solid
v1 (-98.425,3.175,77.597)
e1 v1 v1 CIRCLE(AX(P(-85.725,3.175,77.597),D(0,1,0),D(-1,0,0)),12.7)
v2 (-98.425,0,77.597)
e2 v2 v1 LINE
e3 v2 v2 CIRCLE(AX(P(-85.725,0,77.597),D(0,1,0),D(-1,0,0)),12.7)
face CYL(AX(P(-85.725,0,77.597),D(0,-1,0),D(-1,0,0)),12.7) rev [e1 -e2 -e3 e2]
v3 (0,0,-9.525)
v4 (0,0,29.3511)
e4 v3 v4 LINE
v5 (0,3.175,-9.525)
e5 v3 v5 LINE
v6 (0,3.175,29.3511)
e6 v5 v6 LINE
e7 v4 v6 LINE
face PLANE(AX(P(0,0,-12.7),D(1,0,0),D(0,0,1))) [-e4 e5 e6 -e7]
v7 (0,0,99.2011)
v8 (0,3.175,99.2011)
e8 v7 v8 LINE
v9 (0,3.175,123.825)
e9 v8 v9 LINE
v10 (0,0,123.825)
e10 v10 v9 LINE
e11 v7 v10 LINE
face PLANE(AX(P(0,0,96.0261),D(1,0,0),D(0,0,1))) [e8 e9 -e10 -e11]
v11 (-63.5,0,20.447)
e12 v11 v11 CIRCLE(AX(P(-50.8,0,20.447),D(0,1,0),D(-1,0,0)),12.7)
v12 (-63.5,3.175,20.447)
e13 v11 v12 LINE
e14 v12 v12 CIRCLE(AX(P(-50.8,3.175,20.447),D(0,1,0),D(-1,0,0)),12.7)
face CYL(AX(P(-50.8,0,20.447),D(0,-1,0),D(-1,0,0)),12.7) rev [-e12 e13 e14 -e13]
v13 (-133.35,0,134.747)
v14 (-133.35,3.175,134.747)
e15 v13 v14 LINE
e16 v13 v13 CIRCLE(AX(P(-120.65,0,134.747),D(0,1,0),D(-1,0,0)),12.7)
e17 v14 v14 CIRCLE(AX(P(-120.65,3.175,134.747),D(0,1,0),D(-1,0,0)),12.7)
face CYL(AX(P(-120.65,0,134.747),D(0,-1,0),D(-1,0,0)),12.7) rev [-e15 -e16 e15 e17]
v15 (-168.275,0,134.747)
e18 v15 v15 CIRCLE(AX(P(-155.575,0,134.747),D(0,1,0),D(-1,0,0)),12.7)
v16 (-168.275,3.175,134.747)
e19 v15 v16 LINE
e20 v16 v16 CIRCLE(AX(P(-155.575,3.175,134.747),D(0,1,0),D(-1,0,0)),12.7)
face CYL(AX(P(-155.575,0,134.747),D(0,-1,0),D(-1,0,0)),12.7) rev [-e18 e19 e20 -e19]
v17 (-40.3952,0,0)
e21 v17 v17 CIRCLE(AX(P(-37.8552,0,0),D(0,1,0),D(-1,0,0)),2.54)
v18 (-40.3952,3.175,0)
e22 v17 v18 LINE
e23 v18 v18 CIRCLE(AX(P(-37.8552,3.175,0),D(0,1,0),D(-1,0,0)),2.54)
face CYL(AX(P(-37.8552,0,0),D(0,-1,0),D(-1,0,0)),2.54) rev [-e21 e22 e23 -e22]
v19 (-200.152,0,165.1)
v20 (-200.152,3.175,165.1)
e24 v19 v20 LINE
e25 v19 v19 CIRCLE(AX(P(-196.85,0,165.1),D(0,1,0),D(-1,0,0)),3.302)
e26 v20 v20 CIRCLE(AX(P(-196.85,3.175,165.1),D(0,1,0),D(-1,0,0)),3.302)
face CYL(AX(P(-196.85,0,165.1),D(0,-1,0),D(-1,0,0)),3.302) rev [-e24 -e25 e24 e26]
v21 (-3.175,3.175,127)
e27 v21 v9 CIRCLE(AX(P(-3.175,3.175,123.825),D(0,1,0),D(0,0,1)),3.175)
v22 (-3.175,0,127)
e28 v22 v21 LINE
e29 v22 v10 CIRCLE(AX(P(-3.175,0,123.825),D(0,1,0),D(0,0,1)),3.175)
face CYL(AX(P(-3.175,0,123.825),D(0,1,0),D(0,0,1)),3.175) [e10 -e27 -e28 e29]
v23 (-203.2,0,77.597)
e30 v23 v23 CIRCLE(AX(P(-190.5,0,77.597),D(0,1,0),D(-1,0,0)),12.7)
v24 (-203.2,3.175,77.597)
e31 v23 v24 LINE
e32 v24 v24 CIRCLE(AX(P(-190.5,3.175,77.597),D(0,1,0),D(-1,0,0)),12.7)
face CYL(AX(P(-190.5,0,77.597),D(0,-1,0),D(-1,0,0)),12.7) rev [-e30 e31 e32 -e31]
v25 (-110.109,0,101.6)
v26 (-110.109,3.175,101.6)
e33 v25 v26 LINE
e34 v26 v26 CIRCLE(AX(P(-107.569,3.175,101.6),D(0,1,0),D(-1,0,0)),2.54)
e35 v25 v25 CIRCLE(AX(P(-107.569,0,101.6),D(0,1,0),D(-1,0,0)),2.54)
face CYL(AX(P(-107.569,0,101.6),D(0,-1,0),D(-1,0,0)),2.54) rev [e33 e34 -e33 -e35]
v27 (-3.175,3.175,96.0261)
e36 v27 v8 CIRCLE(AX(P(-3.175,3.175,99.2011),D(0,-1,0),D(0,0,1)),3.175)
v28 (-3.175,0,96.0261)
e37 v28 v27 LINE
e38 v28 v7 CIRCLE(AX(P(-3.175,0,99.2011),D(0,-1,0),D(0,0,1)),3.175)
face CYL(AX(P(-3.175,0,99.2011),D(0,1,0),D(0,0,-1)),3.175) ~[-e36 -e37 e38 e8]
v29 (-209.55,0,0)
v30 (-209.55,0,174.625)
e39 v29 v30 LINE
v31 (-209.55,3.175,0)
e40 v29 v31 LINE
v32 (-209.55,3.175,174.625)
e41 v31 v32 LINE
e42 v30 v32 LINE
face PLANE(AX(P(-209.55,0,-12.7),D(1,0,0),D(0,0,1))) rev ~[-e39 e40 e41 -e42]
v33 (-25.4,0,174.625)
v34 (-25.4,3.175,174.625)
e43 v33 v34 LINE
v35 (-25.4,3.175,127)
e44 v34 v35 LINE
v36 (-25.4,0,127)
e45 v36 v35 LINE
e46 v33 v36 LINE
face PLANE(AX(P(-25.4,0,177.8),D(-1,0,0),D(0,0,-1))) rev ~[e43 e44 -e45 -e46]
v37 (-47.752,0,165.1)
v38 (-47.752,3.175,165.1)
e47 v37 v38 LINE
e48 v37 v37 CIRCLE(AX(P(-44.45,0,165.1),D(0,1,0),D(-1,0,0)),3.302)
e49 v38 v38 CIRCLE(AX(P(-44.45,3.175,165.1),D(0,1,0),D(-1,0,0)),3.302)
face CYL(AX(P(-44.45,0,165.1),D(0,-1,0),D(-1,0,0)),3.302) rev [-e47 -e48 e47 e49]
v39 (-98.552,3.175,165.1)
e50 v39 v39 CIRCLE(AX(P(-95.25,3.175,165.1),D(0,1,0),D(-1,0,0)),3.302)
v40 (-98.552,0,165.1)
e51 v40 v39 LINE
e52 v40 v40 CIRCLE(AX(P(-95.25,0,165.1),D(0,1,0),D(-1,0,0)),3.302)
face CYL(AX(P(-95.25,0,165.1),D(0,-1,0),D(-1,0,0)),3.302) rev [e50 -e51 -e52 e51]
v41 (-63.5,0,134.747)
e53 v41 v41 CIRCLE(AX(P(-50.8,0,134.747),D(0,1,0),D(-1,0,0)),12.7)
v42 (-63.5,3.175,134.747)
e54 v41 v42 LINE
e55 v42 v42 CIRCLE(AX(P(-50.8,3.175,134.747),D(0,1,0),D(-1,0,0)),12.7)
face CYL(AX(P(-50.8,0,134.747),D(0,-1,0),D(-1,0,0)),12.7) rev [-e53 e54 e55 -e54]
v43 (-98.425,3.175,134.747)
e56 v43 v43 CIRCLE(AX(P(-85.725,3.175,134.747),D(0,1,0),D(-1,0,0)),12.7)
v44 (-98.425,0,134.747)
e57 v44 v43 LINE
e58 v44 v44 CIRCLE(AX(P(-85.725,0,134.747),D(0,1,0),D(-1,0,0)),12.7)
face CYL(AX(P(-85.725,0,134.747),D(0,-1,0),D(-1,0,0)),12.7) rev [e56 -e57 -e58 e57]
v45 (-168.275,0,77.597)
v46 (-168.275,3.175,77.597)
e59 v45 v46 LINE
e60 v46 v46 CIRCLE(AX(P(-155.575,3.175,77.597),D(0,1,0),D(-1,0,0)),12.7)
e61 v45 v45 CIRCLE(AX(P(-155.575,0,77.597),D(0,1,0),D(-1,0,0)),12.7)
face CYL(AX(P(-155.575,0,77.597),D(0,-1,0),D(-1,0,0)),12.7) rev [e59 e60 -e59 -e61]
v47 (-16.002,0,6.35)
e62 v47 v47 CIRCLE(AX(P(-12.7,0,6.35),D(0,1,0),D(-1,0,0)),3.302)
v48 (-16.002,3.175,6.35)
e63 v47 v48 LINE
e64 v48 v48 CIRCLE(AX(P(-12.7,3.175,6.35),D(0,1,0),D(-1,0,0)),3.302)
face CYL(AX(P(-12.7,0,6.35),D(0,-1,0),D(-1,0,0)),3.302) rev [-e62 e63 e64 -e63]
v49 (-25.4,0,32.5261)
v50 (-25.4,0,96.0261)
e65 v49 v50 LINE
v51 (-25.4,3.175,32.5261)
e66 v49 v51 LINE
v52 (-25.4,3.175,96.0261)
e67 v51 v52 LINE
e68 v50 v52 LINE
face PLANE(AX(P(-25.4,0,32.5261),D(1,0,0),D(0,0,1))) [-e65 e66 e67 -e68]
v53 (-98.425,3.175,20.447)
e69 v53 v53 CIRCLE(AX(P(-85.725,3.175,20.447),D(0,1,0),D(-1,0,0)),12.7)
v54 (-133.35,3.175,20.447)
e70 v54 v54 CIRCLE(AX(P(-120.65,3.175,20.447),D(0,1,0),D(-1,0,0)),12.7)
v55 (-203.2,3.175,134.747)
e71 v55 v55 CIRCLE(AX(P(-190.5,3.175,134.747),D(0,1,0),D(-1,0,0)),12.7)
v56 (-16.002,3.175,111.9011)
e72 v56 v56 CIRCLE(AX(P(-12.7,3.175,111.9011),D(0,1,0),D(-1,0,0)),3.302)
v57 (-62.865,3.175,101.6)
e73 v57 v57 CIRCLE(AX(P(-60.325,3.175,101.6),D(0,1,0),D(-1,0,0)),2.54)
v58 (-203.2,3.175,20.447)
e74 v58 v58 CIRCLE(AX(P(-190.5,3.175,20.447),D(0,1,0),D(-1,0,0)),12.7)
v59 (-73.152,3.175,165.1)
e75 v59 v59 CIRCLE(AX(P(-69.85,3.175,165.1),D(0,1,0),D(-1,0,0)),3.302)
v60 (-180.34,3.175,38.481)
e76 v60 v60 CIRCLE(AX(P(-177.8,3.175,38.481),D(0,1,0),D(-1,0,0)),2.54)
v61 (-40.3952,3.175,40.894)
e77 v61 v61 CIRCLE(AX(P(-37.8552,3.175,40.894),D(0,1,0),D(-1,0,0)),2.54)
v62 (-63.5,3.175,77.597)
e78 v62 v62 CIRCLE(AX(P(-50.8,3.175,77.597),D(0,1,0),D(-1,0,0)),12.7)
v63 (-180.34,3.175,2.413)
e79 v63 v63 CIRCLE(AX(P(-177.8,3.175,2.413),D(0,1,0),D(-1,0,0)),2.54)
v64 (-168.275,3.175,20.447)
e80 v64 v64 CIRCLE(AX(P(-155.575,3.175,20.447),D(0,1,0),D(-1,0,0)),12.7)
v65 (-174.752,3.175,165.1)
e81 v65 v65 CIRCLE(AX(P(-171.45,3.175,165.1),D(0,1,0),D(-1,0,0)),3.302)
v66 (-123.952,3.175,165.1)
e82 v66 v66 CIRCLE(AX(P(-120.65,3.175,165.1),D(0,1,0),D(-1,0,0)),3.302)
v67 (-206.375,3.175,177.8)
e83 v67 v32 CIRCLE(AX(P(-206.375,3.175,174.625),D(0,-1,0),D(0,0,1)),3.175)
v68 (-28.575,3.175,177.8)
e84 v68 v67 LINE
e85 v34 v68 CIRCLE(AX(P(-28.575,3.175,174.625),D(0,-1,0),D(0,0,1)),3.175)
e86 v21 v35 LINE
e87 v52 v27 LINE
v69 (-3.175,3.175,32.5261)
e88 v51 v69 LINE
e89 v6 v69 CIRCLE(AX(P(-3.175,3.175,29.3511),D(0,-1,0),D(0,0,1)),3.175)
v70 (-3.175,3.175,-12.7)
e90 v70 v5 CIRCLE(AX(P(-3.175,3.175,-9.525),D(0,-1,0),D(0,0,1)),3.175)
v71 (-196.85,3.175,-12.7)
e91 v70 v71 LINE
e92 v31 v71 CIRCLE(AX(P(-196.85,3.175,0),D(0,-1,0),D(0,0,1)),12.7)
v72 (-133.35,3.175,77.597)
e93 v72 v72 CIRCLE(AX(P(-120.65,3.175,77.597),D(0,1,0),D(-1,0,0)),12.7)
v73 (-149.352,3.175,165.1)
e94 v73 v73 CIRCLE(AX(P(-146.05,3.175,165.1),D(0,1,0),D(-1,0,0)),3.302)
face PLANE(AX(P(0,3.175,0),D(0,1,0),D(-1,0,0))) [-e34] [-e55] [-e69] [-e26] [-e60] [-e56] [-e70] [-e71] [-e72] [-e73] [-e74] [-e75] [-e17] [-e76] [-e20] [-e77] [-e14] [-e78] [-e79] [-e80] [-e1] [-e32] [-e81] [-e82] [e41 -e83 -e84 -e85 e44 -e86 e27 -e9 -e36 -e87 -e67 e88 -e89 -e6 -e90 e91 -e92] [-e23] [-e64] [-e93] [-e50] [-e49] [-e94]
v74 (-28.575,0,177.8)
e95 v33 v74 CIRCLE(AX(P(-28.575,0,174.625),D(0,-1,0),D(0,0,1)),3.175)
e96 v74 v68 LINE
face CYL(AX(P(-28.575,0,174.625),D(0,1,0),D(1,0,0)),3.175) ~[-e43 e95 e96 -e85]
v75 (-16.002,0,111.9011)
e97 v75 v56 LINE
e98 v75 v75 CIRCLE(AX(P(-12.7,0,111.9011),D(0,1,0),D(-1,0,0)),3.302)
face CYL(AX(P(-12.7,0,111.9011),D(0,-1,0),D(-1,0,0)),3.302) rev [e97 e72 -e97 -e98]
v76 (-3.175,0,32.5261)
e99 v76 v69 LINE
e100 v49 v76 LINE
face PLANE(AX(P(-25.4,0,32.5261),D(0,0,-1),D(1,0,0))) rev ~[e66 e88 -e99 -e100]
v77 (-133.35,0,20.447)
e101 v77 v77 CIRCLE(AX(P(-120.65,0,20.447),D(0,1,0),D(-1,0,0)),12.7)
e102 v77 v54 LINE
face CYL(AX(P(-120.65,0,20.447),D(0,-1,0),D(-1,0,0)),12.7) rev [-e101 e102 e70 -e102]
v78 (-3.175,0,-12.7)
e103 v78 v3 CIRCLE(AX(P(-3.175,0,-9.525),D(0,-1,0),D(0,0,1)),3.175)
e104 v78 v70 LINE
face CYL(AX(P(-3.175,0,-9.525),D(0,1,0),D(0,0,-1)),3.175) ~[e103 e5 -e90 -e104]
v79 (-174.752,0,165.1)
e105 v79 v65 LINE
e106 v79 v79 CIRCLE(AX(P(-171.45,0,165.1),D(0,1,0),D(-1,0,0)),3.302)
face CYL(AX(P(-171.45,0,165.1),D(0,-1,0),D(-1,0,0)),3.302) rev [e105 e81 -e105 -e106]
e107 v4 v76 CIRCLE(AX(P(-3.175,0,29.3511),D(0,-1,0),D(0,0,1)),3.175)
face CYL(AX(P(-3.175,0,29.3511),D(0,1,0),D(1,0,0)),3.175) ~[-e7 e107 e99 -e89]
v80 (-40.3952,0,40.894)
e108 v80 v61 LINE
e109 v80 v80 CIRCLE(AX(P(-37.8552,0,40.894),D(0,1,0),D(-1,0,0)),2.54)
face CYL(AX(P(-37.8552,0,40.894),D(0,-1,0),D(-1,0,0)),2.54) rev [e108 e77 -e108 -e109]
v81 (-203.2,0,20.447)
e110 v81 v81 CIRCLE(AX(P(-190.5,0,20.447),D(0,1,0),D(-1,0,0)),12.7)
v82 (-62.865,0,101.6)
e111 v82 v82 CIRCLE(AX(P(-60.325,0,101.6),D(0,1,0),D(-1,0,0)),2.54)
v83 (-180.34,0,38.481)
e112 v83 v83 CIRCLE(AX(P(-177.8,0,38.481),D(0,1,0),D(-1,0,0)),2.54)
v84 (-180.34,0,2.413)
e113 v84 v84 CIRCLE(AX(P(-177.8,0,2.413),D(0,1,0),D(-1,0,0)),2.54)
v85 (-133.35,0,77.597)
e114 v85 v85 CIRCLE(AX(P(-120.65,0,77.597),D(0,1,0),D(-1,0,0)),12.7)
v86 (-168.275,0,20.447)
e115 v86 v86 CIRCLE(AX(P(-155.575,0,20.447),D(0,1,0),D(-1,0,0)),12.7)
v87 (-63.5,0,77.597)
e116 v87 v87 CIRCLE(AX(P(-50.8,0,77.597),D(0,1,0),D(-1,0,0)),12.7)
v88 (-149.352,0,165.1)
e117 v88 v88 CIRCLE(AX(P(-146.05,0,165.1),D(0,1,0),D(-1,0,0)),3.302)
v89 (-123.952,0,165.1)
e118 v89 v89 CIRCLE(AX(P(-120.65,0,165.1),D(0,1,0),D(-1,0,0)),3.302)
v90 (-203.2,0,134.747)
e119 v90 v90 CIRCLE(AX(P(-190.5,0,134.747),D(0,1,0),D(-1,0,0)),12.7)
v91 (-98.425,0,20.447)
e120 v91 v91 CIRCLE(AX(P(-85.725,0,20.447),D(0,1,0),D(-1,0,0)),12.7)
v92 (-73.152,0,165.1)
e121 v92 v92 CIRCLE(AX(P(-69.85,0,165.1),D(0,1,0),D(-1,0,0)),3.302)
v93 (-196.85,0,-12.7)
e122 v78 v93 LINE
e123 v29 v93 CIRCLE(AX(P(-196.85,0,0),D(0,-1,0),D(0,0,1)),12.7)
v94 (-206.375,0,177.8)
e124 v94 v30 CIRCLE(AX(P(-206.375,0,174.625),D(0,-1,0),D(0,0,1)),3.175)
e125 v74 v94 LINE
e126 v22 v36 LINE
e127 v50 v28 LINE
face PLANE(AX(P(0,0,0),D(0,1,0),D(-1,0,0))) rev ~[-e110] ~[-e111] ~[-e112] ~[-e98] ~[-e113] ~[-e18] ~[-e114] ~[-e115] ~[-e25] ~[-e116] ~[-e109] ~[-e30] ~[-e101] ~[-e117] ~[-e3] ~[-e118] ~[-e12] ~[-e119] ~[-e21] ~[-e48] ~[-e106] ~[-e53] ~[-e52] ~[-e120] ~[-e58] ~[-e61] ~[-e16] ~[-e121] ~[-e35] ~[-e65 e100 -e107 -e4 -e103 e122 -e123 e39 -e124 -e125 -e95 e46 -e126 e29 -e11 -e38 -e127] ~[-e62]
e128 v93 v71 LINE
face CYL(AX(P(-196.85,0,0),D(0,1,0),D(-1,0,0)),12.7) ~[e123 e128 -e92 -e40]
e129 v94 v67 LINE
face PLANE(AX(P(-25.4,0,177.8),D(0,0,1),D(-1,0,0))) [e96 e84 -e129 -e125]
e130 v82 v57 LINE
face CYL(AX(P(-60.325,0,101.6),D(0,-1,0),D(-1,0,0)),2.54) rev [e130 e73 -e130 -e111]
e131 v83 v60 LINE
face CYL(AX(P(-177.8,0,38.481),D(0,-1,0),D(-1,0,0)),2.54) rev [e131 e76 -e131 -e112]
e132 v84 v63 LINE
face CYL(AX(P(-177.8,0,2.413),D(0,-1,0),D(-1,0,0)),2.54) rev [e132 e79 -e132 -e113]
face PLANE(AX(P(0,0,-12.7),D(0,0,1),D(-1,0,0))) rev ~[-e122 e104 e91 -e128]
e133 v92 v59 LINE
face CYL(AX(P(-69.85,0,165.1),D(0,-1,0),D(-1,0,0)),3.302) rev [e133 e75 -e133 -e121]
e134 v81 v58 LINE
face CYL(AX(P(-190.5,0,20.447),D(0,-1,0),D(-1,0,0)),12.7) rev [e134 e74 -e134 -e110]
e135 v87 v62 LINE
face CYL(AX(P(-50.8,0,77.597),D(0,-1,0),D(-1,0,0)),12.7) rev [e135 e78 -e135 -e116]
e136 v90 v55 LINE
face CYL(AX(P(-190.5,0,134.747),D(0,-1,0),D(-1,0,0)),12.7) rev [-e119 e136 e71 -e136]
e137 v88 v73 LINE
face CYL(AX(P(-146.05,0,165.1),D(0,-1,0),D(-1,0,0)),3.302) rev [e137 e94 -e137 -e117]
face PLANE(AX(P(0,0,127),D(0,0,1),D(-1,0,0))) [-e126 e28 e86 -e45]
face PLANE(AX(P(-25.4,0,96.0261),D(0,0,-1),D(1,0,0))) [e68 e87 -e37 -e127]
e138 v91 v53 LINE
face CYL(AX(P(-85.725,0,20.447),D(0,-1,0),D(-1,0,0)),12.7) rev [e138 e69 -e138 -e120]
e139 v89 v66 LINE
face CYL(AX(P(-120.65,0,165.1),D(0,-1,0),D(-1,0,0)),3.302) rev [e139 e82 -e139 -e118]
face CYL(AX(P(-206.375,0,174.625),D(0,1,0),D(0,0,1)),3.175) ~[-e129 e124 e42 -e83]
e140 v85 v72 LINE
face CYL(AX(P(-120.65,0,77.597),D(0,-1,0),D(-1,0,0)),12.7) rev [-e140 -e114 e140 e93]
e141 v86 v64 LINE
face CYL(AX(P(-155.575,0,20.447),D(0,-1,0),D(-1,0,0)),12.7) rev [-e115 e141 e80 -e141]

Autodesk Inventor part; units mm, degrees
ref_plane "YZ Plane" through (0, 0, 0) normal (1, 0, 0) x (0, 1, 0)
ref_plane "XZ Plane" through (0, 0, 0) normal (0, 1, 0) x (-1, 0, 0)
ref_plane "XY Plane" through (0, 0, 0) normal (0, 0, 1) x (1, 0, 0)
sketch "Sketch1" plane through (0, 0, 0) normal (0, 1, 0) x (-1, 0, 0)
  line L0 (60.325, 101.6) -> (107.569, 101.6) construction
  circle A0 centre (60.325, 101.6) radius 2.54
  circle A1 centre (107.569, 101.6) radius 2.54
  line L1 (0, 127) -> (25.4, 127)
  line L2 (25.4, 177.8) -> (209.55, 177.8)
  line L3 (0, -12.7) -> (209.55, -12.7)
  line L4 (209.55, -12.7) -> (209.55, 177.8)
  line L5 (37.8552, 0) -> (37.8552, 40.894) construction
  circle A2 centre (37.8552, 40.894) radius 2.54
  circle A3 centre (37.8552, 0) radius 2.54
  circle A4 centre (12.7, 139.7) radius 3.302 construction
  circle A5 centre (12.7, 165.1) radius 3.302 construction
  arc A6 (23.8125, 127) -> (25.4, 128.5875) centre (23.8125, 128.5875) ccw construction
  line L6 (23.8125, 127) -> (1.5875, 127) construction
  arc A7 (0, 128.5875) -> (1.5875, 127) centre (1.5875, 128.5875) ccw construction
  line L7 (0, 128.5875) -> (0, 176.2125) construction
  arc A8 (1.5875, 177.8) -> (0, 176.2125) centre (1.5875, 176.2125) ccw construction
  line L8 (1.5875, 177.8) -> (23.8125, 177.8) construction
  arc A9 (25.4, 176.2125) -> (23.8125, 177.8) centre (23.8125, 176.2125) ccw construction
  line L9 (25.4, 176.2125) -> (25.4, 128.5875) construction
  circle A10 centre (12.7, 42.0511) radius 3.302 construction
  circle A11 centre (12.7, 86.5011) radius 3.302 construction
  line L10 (25.4, 32.5261) -> (25.4, 96.0261) projected
  line L11 (25.4, 96.0261) -> (0, 96.0261) projected
  line L12 (0, 32.5261) -> (0, 96.0261) projected
  line L13 (25.4, 32.5261) -> (0, 32.5261) projected
  circle A12 centre (69.85, 165.1) radius 3.302 projected
  circle A13 centre (196.85, 165.1) radius 3.302 projected
  circle A14 centre (146.05, 165.1) radius 3.302 projected
  circle A15 centre (120.65, 165.1) radius 3.302 projected
  line L14 (0, -12.7) -> (0, 127)
  line L15 (25.4, 177.8) -> (25.4, 127)
  circle A16 centre (44.45, 165.1) radius 3.302 projected
  circle A17 centre (95.25, 165.1) radius 3.302 projected
  circle A18 centre (171.45, 165.1) radius 3.302 projected
  line L16 (177.8, 38.481) -> (177.8, 2.413) construction
  circle A19 centre (177.8, 2.413) radius 2.54
  circle A20 centre (177.8, 38.481) radius 2.54
  line L17 (37.8552, 20.447) -> (177.8, 20.447) construction
  line L18 (37.8552, 40.894) -> (177.8, 38.481) construction
  line L19 (177.8, 2.413) -> (37.8552, 0) construction
  circle A21 centre (12.7, 6.35) radius 3.302 projected
  circle A22 centre (12.7, 111.9011) radius 3.302 projected
  circle A23 centre (50.8, 20.447) radius 12.7
  circle A24 centre (85.725, 20.447) radius 12.7
  circle A25 centre (120.65, 20.447) radius 12.7
  circle A26 centre (50.8, 77.597) radius 12.7
  circle A27 centre (85.725, 77.597) radius 12.7
  circle A28 centre (120.65, 77.597) radius 12.7
  circle A29 centre (50.8, 134.747) radius 12.7
  circle A30 centre (85.725, 134.747) radius 12.7
  circle A31 centre (120.65, 134.747) radius 12.7
  circle A32 centre (155.575, 20.447) radius 12.7
  circle A33 centre (155.575, 77.597) radius 12.7
  circle A34 centre (155.575, 134.747) radius 12.7
  circle A35 centre (190.5, 20.447) radius 12.7
  circle A36 centre (190.5, 77.597) radius 12.7
  circle A37 centre (190.5, 134.747) radius 12.7
  point P0 (0, 0)
  dimension "d8" = 47.244
  dimension "d9" = 5.08
  dimension "d21" = 40.894
  dimension "d23" = 5.08
  dimension "d24" = 12.7
  dimension "d26" = 209.55
  dimension "d29" = 34.925
  dimension "d30" = 76.2
  dimension "d31" = 190.5
  dimension "d35" = 36.068
  dimension "d37" = 31.75
  dimension "d39" = 139.9656
  dimension "d41" = 25.4
  dimension "d43" = 50.8
  dimension "d46" = 34.925
  dimension "d49" = 57.15
extrude "Extrusion1" add sketch "Sketch1" along normal blind 3.175 contours L1 L15 L2 L4 L3 L14 L13 L10 L11
fillet "Fillet1" radius 3.175 6 edges at (0, 1.5875, -12.7) (-25.4, 1.5875, 177.8) (0, 1.5875, 96.0261) (0, 1.5875, 127) (0, 1.5875, 32.5261) (-209.55, 1.5875, 177.8)
fillet "Fillet1" radius 12.7 1 edges at (-209.55, 1.5875, -12.7)
properties part number "Mounting Board 3" material "Aluminum 6061"
